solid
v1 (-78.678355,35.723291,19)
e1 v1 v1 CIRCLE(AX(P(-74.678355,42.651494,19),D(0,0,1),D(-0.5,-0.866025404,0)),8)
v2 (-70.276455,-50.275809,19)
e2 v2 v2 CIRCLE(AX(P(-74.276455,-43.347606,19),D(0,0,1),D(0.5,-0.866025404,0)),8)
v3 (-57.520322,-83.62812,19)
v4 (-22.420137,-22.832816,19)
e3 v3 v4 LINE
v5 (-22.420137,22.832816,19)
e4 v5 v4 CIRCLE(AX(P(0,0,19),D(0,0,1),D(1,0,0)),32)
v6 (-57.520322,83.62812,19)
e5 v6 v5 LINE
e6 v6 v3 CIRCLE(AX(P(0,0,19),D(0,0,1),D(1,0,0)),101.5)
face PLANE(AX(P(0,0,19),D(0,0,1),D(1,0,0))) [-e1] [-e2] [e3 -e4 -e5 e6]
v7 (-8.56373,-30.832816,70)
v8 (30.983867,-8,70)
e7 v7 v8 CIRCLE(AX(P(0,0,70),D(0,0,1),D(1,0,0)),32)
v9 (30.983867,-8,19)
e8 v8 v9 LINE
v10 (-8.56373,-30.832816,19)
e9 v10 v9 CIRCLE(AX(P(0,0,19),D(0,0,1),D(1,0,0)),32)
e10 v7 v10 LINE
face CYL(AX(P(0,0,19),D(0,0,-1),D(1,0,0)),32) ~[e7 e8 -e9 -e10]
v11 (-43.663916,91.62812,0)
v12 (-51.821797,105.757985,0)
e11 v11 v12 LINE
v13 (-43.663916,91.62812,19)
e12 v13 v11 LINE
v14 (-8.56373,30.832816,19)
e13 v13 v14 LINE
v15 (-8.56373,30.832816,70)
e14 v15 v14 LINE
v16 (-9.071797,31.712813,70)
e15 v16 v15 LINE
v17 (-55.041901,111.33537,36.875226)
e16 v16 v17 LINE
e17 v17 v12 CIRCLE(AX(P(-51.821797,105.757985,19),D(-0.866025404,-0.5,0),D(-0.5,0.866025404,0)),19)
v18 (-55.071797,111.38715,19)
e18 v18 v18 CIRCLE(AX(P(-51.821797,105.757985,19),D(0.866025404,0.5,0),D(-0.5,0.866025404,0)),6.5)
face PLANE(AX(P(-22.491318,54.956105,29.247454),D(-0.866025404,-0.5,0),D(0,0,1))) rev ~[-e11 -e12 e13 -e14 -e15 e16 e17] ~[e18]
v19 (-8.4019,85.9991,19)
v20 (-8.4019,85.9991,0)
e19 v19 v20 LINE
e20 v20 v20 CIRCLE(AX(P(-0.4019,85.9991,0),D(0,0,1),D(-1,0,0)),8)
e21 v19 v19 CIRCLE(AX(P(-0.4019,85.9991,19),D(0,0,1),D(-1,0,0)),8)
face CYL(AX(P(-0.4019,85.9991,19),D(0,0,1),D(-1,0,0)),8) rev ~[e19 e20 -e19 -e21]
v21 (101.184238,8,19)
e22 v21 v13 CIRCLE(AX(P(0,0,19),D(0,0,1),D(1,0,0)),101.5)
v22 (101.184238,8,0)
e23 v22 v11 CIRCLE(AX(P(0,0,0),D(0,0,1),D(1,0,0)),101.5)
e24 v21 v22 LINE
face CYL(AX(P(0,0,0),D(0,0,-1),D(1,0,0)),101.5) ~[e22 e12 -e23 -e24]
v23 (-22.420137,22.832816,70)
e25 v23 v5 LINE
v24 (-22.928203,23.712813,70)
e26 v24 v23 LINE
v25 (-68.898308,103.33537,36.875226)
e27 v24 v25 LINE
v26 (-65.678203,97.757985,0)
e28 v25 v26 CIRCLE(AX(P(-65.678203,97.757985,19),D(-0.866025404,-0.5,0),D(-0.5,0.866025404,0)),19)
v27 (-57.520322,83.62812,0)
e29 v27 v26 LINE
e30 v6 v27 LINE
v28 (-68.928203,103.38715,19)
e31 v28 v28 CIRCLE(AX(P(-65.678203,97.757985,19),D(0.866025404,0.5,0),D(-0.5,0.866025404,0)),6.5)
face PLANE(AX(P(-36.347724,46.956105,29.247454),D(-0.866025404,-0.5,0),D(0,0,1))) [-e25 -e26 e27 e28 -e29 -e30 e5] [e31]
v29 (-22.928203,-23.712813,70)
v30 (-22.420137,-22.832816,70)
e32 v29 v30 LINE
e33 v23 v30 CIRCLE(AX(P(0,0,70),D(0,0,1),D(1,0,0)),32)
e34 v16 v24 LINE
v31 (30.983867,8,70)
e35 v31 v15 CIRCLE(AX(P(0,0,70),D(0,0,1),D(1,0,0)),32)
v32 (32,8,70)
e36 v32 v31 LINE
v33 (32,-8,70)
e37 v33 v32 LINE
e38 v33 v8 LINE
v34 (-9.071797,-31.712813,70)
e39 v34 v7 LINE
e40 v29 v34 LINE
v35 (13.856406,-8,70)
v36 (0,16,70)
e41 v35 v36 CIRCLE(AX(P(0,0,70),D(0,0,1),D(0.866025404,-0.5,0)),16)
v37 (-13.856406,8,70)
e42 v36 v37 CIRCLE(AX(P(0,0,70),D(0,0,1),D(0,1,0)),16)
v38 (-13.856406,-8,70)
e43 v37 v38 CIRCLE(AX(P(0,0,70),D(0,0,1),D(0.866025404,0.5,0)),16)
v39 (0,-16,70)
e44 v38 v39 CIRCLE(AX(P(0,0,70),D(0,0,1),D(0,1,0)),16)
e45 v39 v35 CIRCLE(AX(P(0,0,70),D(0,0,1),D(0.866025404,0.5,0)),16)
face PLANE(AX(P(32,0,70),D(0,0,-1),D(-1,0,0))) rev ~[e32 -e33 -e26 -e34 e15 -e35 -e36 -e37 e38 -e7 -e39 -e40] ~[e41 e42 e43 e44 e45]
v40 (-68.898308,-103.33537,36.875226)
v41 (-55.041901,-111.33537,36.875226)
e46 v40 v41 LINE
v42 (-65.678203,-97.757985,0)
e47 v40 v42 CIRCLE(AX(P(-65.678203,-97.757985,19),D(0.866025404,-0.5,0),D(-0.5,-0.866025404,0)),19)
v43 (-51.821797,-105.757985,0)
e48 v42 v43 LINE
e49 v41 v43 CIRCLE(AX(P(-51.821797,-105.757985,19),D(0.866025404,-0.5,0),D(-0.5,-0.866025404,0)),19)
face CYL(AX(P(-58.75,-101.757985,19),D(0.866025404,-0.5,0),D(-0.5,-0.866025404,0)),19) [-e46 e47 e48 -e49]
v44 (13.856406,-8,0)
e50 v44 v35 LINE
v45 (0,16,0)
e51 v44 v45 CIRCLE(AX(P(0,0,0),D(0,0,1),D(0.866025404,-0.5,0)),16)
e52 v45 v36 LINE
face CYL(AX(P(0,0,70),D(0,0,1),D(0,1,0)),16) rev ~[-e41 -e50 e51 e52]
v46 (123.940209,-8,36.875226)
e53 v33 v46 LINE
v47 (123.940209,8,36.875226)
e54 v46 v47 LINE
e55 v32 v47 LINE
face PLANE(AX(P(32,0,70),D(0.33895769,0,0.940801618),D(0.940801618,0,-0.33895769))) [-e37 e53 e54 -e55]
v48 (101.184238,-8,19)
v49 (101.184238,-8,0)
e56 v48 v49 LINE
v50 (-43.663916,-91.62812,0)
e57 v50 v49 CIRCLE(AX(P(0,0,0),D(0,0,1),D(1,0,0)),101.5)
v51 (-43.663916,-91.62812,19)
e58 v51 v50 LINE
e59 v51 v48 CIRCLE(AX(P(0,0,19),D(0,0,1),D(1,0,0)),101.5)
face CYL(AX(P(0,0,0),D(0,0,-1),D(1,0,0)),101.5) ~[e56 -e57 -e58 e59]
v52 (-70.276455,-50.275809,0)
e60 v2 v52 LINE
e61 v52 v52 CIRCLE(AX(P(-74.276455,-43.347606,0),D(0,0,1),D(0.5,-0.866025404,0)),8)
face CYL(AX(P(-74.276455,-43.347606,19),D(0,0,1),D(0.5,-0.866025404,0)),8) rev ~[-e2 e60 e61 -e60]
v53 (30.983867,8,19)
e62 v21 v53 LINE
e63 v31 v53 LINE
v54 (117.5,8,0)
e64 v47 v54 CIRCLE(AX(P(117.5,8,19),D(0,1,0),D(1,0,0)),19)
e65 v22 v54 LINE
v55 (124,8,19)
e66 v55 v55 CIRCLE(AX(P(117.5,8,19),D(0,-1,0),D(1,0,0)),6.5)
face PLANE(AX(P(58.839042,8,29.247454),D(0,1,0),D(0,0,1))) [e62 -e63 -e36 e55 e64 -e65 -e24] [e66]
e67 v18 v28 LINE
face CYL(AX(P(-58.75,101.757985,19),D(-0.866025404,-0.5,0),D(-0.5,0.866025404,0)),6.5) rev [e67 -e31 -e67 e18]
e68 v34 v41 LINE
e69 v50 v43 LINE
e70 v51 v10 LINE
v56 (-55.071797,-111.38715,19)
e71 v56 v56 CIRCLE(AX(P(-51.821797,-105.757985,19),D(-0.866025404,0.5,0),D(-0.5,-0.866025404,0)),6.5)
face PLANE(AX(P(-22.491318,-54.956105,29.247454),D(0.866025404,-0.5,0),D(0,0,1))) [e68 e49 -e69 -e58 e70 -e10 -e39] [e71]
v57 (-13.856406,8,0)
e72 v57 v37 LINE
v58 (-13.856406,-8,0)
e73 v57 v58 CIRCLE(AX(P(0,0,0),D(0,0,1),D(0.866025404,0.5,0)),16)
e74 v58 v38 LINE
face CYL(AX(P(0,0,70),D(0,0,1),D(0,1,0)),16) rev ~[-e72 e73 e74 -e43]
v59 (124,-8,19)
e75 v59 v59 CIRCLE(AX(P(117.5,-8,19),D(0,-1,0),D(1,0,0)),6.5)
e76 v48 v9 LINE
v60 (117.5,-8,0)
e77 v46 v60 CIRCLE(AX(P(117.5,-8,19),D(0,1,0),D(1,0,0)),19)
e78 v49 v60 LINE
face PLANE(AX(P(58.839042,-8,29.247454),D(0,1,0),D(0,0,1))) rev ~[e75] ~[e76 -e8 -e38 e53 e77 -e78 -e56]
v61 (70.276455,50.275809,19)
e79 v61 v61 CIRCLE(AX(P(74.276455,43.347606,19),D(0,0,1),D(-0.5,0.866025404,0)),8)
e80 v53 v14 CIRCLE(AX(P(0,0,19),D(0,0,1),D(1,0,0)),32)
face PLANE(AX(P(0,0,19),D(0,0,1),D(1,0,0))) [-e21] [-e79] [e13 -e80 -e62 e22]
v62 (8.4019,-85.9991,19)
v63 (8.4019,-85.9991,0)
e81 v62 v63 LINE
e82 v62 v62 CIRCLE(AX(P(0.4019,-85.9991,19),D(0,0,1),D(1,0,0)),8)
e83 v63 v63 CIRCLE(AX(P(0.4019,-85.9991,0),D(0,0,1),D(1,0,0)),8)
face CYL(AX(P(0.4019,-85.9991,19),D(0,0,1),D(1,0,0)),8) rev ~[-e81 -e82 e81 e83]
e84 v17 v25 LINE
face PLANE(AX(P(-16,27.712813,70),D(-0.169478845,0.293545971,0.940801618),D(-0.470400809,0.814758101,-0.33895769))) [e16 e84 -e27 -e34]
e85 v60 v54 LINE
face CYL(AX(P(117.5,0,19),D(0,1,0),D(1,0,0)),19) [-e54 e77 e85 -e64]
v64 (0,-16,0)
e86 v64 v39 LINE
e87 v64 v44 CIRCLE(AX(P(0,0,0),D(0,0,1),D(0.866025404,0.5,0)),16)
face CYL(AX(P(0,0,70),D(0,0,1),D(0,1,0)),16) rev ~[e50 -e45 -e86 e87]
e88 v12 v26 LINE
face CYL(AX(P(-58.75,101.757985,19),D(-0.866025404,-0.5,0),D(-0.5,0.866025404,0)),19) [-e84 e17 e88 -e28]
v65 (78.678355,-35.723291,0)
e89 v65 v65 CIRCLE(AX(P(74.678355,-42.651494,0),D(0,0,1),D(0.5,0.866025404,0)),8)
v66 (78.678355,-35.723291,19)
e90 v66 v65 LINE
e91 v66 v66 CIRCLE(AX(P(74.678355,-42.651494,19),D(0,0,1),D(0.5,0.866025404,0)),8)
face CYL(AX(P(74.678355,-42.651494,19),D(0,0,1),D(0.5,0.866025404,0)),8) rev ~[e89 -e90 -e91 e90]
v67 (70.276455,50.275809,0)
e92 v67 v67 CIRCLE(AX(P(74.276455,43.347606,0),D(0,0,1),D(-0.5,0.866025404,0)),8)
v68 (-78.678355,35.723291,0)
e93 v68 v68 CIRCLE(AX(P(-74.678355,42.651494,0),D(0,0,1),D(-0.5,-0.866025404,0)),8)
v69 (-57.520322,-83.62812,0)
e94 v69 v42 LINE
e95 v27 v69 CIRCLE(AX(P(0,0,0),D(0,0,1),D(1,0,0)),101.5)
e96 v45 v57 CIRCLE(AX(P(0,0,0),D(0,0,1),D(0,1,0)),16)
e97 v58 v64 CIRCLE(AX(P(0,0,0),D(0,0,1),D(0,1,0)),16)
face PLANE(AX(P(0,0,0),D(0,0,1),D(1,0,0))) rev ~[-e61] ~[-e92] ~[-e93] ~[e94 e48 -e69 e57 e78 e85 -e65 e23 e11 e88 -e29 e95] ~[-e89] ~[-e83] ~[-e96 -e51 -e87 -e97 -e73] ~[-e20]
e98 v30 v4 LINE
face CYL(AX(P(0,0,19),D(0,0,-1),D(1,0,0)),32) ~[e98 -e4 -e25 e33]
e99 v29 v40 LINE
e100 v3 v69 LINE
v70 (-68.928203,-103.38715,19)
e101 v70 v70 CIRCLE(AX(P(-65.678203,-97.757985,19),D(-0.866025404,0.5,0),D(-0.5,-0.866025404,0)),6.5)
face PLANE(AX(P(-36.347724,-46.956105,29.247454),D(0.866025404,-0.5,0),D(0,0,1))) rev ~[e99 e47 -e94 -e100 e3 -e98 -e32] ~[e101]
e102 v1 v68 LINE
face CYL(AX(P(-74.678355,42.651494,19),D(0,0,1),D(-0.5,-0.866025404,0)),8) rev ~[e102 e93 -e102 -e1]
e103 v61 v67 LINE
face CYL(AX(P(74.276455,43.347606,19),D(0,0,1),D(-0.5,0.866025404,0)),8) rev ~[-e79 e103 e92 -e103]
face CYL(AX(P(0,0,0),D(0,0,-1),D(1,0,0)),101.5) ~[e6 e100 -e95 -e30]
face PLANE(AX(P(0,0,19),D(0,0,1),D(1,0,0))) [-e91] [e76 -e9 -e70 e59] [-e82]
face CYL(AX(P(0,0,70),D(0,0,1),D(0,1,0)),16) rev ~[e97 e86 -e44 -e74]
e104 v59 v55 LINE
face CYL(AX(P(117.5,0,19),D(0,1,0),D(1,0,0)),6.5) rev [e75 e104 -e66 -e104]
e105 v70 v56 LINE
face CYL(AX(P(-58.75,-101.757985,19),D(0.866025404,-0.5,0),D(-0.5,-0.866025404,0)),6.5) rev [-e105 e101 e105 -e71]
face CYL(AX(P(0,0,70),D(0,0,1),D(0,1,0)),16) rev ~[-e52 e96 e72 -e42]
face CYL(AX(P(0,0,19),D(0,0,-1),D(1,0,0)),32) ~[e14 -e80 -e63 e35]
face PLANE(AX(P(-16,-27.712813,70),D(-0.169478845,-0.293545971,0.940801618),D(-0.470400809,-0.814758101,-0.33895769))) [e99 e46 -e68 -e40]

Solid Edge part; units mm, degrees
sketch "Sketch1" plane through (0, 0, 0) normal (0, 0, 1) x (1, 0, 0)
  circle A0 centre (0, 0) radius 101.5
extrude "Protrusion1" add sketch "Sketch1" along normal blind 19
sketch "Sketch2" plane through (0, 0, 19) normal (0, 0, 1) x (1, 0, 0)
  circle A0 centre (0.4019, -85.9991) radius 8
extrude "ExtrudedCutout_1" cut sketch "Sketch2" along normal mid plane 72.3819
pattern_circular "Pattern1" count 6 over 360 about axis through (0, 0, 19) along (0, 0, -1) of "ExtrudedCutout_1"
sketch "Sketch3" plane through (0, 0, 19) normal (0, 0, 1) x (1, 0, 0)
  circle A0 centre (0, 0) radius 32
extrude "ExtrudedProtrusion_3" add sketch "Sketch3" along normal blind 51
sketch "Sketch4" plane through (0, 0, 70) normal (0, 0, 1) x (0, 1, 0)
  circle A0 centre (0, 0) radius 16
extrude "ExtrudedCutout_3" cut sketch "Sketch4" along normal mid plane 382.6362
sketch "Sketch5" plane through (0, 0, 0) normal (0, -1, 0) x (1, 0, 0)
  line L0 (32, 70) -> (123.9402, 36.8752)
  line L1 (101.5, 0) -> (117.5, 0)
  line L2 (0, 0) -> (101.5, 0)
  line L3 (0, 70) -> (0, 0)
  line L4 (32, 70) -> (0, 70)
  arc A0 (123.9402, 36.8752) -> (117.5, 0) centre (117.5, 19) cw
  circle A1 centre (117.5, 19) radius 6.5
extrude "ExtrudedProtrusion_6" add sketch "Sketch5" along normal mid plane 16
pattern_circular "Pattern3" count 3 over 360 about axis through (0, 0, 19) along (0, 0, -1) of "ExtrudedProtrusion_6"
sketch "Sketch6" plane through (0, 0, 70) normal (0, 0, 1) x (0, 1, 0)
  circle A0 centre (0, 0) radius 16
extrude "ExtrudedCutout_4" cut sketch "Sketch6" along normal mid plane 1270.4141
